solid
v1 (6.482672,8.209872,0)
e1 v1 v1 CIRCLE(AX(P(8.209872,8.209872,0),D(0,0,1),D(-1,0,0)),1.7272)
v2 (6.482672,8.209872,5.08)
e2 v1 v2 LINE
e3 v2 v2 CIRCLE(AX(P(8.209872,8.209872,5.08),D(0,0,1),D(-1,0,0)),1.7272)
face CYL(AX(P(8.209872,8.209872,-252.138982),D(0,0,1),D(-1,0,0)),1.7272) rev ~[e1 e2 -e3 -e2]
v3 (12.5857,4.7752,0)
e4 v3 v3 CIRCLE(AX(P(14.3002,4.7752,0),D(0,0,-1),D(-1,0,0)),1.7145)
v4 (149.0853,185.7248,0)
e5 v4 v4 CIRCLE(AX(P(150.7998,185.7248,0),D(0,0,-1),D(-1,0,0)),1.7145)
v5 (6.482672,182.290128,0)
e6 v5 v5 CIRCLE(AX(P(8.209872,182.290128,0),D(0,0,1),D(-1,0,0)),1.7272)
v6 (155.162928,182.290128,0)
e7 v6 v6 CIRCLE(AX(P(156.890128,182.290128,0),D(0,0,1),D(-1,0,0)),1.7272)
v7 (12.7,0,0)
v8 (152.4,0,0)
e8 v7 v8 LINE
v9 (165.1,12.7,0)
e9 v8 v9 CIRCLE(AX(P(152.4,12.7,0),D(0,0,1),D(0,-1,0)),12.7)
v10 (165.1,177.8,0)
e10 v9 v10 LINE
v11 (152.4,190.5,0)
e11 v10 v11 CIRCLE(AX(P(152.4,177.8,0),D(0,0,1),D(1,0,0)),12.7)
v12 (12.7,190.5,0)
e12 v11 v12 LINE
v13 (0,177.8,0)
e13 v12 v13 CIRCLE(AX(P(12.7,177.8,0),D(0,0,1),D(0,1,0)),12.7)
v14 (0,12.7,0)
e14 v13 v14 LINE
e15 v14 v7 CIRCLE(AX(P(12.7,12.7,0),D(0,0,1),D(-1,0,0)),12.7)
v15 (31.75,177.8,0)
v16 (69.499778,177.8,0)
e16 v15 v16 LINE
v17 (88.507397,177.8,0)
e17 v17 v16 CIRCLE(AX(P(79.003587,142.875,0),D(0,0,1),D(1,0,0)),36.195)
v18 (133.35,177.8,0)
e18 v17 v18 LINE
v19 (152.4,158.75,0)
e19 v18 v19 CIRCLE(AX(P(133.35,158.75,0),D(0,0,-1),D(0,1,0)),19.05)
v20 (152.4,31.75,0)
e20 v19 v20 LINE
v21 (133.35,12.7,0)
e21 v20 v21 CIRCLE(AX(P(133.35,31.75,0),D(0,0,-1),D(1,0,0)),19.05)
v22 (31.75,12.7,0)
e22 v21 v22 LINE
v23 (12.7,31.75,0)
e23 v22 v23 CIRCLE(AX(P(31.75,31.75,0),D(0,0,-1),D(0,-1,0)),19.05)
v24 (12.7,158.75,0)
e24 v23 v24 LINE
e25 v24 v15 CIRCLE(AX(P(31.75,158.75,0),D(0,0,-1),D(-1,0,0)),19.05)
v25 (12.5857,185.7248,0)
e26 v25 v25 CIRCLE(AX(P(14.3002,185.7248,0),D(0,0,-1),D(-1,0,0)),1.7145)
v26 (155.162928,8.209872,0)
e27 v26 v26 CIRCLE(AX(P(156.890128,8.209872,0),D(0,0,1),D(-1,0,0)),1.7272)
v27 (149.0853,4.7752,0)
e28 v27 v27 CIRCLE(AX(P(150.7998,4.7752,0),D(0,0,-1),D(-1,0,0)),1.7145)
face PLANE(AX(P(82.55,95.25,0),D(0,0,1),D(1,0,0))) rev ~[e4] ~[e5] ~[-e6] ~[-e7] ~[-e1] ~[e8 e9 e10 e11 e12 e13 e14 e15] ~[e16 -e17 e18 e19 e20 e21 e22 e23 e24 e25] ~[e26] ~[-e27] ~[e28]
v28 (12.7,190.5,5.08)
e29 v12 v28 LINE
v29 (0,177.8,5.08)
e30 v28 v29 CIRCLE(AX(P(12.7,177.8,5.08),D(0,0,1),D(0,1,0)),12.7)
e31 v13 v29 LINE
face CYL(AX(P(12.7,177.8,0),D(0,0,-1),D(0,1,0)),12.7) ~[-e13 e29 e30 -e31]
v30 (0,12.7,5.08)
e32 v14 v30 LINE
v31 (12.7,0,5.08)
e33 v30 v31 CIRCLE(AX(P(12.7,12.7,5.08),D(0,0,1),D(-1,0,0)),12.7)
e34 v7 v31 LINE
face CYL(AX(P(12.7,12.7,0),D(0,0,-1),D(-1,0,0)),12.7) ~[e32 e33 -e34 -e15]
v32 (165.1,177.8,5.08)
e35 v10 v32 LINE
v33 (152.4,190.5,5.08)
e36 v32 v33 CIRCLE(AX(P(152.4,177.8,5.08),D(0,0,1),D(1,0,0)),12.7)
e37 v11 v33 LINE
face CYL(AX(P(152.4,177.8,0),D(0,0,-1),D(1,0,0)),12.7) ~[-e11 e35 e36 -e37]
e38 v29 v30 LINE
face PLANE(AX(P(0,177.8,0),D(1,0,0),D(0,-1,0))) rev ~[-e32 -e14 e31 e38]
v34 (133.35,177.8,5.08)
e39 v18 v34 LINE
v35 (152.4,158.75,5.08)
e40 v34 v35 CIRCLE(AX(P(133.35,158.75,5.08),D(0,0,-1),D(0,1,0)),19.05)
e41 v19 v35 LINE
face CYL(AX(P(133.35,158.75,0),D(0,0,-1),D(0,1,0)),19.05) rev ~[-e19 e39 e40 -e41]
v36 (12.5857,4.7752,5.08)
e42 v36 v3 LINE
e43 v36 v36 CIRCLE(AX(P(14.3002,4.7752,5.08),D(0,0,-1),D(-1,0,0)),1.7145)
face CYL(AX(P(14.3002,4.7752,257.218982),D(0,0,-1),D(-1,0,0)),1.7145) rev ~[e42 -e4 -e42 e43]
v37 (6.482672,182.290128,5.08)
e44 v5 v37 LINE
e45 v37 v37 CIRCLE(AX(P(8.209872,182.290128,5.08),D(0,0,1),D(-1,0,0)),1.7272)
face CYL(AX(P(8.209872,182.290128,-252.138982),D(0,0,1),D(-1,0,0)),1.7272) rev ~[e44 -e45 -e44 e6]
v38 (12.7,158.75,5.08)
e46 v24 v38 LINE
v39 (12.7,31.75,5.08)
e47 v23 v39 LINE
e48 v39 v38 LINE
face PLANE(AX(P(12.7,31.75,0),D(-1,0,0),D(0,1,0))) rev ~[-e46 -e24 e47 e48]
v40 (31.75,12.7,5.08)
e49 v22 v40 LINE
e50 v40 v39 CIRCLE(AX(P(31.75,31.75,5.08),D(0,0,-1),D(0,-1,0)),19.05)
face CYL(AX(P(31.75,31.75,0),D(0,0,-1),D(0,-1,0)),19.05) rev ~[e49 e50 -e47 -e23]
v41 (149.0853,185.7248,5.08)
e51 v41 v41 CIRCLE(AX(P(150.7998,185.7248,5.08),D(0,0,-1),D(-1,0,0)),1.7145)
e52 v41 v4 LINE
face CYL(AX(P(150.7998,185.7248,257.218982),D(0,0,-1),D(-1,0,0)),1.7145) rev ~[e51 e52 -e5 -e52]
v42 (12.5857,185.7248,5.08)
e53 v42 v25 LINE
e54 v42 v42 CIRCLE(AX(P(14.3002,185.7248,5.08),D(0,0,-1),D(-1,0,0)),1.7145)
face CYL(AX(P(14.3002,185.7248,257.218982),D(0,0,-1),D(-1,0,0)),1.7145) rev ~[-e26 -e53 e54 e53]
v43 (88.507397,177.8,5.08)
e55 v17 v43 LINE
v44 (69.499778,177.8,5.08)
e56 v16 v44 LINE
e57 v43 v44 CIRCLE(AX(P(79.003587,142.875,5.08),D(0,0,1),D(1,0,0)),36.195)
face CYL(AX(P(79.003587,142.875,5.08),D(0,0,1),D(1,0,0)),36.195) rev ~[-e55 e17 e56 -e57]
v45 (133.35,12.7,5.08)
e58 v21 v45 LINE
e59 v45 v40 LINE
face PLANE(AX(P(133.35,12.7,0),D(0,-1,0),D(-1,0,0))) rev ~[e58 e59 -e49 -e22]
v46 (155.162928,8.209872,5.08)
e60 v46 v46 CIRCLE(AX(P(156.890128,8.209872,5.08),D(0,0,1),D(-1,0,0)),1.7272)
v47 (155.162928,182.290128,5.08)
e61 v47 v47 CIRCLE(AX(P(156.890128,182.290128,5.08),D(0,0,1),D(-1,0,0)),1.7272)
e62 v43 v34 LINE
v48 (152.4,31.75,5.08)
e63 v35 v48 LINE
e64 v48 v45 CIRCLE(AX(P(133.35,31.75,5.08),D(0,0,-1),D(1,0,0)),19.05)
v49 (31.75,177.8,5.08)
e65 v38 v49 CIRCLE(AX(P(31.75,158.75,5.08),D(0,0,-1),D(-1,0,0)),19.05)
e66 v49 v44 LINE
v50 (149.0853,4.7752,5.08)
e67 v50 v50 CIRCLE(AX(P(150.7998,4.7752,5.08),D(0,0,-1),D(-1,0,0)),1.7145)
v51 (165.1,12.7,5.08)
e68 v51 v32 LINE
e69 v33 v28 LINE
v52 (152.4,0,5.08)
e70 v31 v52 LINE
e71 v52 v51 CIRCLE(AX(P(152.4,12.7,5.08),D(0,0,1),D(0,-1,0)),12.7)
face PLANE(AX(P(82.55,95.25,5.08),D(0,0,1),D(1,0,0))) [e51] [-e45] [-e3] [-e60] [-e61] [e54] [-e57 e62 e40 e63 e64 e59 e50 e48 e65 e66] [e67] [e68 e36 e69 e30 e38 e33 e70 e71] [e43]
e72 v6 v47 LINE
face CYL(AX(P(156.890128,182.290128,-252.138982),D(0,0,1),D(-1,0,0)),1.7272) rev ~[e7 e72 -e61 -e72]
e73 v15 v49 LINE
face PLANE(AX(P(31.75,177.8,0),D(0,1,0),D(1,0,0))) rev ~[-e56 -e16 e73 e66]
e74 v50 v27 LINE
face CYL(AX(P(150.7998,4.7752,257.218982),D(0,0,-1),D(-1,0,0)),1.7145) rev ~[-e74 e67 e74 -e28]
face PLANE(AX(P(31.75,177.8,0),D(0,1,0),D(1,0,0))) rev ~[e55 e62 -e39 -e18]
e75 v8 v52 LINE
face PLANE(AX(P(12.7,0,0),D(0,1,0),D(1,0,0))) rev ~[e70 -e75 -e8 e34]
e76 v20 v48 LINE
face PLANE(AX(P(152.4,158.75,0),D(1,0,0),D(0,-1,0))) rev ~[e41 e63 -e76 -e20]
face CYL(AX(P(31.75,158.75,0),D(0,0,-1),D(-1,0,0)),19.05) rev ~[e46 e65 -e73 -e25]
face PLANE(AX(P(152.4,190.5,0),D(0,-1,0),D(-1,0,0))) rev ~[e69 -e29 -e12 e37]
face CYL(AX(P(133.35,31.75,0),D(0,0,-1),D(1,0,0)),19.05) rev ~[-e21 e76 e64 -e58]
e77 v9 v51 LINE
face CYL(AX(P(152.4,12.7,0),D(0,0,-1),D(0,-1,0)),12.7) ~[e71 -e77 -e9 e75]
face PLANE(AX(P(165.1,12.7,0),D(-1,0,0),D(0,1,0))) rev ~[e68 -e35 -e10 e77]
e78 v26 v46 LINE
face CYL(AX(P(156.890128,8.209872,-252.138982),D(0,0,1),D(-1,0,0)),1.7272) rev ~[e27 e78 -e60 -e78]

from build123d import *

# Parameters (mm, degrees)
F1_DEPTH = 5.08
F3_D     = 3.4544
F5_D     = 3.429
F6_R     = 36.195
F7_DEPTH = 5.081


with BuildPart() as f1:
    # F0 (on Top) → F1 (new body)
    with BuildSketch(Plane.XY):
        with BuildLine():
            ThreePointArc((0, 12.7), (3.7197438789, 3.7197438789), (12.7, 0))
            Line((12.7, 0), (152.4, 0))
            ThreePointArc((152.4, 0), (161.3802561211, 3.7197438789), (165.1, 12.7))
            Line((165.1, 12.7), (165.1, 177.8))
            ThreePointArc((165.1, 177.8), (161.3802561211, 186.7802561211), (152.4, 190.5))
            Line((152.4, 190.5), (12.7, 190.5))
            ThreePointArc((12.7, 190.5), (3.7197438789, 186.7802561211), (0, 177.8))
            Line((0, 177.8), (0, 12.7))
        make_face()
        with BuildLine():
            ThreePointArc((12.7, 158.75), (18.2796158184, 172.2203841816), (31.75, 177.8))
            Line((31.75, 177.8), (133.35, 177.8))
            ThreePointArc((133.35, 177.8), (146.8203841816, 172.2203841816), (152.4, 158.75))
            Line((152.4, 158.75), (152.4, 31.75))
            ThreePointArc((152.4, 31.75), (146.8203841816, 18.2796158184), (133.35, 12.7))
            Line((133.35, 12.7), (31.75, 12.7))
            ThreePointArc((31.75, 12.7), (18.2796158184, 18.2796158184), (12.7, 31.75))
            Line((12.7, 31.75), (12.7, 158.75))
        make_face(mode=Mode.SUBTRACT)
    extrude(amount=F1_DEPTH)

    # F3 (through all)
    with Locations(Plane(origin=(0, 0, 0), x_dir=(1, 0, 0), z_dir=(0, 0, -1))):
        with Locations((8.2098719395, -182.2901280605), (156.8901280605, -182.2901280605), (156.8901280605, -8.2098719395), (8.2098719395, -8.2098719395)):
            Hole(F3_D / 2)

    # F5 (through all)
    with Locations(Plane.XY.offset(5.08)):
        with Locations((14.3002, 185.7248), (150.7998, 185.7248), (14.3002, 4.7752), (150.7998, 4.7752)):
            Hole(F5_D / 2)

    # F6 (on face) → F7 (cut, through all)
    with BuildSketch(Plane.XY.offset(5.08)):
        with Locations((79.0035873652, 142.875)):
            Circle(F6_R)
    extrude(amount=-F7_DEPTH, mode=Mode.SUBTRACT)


solid = f1.part
